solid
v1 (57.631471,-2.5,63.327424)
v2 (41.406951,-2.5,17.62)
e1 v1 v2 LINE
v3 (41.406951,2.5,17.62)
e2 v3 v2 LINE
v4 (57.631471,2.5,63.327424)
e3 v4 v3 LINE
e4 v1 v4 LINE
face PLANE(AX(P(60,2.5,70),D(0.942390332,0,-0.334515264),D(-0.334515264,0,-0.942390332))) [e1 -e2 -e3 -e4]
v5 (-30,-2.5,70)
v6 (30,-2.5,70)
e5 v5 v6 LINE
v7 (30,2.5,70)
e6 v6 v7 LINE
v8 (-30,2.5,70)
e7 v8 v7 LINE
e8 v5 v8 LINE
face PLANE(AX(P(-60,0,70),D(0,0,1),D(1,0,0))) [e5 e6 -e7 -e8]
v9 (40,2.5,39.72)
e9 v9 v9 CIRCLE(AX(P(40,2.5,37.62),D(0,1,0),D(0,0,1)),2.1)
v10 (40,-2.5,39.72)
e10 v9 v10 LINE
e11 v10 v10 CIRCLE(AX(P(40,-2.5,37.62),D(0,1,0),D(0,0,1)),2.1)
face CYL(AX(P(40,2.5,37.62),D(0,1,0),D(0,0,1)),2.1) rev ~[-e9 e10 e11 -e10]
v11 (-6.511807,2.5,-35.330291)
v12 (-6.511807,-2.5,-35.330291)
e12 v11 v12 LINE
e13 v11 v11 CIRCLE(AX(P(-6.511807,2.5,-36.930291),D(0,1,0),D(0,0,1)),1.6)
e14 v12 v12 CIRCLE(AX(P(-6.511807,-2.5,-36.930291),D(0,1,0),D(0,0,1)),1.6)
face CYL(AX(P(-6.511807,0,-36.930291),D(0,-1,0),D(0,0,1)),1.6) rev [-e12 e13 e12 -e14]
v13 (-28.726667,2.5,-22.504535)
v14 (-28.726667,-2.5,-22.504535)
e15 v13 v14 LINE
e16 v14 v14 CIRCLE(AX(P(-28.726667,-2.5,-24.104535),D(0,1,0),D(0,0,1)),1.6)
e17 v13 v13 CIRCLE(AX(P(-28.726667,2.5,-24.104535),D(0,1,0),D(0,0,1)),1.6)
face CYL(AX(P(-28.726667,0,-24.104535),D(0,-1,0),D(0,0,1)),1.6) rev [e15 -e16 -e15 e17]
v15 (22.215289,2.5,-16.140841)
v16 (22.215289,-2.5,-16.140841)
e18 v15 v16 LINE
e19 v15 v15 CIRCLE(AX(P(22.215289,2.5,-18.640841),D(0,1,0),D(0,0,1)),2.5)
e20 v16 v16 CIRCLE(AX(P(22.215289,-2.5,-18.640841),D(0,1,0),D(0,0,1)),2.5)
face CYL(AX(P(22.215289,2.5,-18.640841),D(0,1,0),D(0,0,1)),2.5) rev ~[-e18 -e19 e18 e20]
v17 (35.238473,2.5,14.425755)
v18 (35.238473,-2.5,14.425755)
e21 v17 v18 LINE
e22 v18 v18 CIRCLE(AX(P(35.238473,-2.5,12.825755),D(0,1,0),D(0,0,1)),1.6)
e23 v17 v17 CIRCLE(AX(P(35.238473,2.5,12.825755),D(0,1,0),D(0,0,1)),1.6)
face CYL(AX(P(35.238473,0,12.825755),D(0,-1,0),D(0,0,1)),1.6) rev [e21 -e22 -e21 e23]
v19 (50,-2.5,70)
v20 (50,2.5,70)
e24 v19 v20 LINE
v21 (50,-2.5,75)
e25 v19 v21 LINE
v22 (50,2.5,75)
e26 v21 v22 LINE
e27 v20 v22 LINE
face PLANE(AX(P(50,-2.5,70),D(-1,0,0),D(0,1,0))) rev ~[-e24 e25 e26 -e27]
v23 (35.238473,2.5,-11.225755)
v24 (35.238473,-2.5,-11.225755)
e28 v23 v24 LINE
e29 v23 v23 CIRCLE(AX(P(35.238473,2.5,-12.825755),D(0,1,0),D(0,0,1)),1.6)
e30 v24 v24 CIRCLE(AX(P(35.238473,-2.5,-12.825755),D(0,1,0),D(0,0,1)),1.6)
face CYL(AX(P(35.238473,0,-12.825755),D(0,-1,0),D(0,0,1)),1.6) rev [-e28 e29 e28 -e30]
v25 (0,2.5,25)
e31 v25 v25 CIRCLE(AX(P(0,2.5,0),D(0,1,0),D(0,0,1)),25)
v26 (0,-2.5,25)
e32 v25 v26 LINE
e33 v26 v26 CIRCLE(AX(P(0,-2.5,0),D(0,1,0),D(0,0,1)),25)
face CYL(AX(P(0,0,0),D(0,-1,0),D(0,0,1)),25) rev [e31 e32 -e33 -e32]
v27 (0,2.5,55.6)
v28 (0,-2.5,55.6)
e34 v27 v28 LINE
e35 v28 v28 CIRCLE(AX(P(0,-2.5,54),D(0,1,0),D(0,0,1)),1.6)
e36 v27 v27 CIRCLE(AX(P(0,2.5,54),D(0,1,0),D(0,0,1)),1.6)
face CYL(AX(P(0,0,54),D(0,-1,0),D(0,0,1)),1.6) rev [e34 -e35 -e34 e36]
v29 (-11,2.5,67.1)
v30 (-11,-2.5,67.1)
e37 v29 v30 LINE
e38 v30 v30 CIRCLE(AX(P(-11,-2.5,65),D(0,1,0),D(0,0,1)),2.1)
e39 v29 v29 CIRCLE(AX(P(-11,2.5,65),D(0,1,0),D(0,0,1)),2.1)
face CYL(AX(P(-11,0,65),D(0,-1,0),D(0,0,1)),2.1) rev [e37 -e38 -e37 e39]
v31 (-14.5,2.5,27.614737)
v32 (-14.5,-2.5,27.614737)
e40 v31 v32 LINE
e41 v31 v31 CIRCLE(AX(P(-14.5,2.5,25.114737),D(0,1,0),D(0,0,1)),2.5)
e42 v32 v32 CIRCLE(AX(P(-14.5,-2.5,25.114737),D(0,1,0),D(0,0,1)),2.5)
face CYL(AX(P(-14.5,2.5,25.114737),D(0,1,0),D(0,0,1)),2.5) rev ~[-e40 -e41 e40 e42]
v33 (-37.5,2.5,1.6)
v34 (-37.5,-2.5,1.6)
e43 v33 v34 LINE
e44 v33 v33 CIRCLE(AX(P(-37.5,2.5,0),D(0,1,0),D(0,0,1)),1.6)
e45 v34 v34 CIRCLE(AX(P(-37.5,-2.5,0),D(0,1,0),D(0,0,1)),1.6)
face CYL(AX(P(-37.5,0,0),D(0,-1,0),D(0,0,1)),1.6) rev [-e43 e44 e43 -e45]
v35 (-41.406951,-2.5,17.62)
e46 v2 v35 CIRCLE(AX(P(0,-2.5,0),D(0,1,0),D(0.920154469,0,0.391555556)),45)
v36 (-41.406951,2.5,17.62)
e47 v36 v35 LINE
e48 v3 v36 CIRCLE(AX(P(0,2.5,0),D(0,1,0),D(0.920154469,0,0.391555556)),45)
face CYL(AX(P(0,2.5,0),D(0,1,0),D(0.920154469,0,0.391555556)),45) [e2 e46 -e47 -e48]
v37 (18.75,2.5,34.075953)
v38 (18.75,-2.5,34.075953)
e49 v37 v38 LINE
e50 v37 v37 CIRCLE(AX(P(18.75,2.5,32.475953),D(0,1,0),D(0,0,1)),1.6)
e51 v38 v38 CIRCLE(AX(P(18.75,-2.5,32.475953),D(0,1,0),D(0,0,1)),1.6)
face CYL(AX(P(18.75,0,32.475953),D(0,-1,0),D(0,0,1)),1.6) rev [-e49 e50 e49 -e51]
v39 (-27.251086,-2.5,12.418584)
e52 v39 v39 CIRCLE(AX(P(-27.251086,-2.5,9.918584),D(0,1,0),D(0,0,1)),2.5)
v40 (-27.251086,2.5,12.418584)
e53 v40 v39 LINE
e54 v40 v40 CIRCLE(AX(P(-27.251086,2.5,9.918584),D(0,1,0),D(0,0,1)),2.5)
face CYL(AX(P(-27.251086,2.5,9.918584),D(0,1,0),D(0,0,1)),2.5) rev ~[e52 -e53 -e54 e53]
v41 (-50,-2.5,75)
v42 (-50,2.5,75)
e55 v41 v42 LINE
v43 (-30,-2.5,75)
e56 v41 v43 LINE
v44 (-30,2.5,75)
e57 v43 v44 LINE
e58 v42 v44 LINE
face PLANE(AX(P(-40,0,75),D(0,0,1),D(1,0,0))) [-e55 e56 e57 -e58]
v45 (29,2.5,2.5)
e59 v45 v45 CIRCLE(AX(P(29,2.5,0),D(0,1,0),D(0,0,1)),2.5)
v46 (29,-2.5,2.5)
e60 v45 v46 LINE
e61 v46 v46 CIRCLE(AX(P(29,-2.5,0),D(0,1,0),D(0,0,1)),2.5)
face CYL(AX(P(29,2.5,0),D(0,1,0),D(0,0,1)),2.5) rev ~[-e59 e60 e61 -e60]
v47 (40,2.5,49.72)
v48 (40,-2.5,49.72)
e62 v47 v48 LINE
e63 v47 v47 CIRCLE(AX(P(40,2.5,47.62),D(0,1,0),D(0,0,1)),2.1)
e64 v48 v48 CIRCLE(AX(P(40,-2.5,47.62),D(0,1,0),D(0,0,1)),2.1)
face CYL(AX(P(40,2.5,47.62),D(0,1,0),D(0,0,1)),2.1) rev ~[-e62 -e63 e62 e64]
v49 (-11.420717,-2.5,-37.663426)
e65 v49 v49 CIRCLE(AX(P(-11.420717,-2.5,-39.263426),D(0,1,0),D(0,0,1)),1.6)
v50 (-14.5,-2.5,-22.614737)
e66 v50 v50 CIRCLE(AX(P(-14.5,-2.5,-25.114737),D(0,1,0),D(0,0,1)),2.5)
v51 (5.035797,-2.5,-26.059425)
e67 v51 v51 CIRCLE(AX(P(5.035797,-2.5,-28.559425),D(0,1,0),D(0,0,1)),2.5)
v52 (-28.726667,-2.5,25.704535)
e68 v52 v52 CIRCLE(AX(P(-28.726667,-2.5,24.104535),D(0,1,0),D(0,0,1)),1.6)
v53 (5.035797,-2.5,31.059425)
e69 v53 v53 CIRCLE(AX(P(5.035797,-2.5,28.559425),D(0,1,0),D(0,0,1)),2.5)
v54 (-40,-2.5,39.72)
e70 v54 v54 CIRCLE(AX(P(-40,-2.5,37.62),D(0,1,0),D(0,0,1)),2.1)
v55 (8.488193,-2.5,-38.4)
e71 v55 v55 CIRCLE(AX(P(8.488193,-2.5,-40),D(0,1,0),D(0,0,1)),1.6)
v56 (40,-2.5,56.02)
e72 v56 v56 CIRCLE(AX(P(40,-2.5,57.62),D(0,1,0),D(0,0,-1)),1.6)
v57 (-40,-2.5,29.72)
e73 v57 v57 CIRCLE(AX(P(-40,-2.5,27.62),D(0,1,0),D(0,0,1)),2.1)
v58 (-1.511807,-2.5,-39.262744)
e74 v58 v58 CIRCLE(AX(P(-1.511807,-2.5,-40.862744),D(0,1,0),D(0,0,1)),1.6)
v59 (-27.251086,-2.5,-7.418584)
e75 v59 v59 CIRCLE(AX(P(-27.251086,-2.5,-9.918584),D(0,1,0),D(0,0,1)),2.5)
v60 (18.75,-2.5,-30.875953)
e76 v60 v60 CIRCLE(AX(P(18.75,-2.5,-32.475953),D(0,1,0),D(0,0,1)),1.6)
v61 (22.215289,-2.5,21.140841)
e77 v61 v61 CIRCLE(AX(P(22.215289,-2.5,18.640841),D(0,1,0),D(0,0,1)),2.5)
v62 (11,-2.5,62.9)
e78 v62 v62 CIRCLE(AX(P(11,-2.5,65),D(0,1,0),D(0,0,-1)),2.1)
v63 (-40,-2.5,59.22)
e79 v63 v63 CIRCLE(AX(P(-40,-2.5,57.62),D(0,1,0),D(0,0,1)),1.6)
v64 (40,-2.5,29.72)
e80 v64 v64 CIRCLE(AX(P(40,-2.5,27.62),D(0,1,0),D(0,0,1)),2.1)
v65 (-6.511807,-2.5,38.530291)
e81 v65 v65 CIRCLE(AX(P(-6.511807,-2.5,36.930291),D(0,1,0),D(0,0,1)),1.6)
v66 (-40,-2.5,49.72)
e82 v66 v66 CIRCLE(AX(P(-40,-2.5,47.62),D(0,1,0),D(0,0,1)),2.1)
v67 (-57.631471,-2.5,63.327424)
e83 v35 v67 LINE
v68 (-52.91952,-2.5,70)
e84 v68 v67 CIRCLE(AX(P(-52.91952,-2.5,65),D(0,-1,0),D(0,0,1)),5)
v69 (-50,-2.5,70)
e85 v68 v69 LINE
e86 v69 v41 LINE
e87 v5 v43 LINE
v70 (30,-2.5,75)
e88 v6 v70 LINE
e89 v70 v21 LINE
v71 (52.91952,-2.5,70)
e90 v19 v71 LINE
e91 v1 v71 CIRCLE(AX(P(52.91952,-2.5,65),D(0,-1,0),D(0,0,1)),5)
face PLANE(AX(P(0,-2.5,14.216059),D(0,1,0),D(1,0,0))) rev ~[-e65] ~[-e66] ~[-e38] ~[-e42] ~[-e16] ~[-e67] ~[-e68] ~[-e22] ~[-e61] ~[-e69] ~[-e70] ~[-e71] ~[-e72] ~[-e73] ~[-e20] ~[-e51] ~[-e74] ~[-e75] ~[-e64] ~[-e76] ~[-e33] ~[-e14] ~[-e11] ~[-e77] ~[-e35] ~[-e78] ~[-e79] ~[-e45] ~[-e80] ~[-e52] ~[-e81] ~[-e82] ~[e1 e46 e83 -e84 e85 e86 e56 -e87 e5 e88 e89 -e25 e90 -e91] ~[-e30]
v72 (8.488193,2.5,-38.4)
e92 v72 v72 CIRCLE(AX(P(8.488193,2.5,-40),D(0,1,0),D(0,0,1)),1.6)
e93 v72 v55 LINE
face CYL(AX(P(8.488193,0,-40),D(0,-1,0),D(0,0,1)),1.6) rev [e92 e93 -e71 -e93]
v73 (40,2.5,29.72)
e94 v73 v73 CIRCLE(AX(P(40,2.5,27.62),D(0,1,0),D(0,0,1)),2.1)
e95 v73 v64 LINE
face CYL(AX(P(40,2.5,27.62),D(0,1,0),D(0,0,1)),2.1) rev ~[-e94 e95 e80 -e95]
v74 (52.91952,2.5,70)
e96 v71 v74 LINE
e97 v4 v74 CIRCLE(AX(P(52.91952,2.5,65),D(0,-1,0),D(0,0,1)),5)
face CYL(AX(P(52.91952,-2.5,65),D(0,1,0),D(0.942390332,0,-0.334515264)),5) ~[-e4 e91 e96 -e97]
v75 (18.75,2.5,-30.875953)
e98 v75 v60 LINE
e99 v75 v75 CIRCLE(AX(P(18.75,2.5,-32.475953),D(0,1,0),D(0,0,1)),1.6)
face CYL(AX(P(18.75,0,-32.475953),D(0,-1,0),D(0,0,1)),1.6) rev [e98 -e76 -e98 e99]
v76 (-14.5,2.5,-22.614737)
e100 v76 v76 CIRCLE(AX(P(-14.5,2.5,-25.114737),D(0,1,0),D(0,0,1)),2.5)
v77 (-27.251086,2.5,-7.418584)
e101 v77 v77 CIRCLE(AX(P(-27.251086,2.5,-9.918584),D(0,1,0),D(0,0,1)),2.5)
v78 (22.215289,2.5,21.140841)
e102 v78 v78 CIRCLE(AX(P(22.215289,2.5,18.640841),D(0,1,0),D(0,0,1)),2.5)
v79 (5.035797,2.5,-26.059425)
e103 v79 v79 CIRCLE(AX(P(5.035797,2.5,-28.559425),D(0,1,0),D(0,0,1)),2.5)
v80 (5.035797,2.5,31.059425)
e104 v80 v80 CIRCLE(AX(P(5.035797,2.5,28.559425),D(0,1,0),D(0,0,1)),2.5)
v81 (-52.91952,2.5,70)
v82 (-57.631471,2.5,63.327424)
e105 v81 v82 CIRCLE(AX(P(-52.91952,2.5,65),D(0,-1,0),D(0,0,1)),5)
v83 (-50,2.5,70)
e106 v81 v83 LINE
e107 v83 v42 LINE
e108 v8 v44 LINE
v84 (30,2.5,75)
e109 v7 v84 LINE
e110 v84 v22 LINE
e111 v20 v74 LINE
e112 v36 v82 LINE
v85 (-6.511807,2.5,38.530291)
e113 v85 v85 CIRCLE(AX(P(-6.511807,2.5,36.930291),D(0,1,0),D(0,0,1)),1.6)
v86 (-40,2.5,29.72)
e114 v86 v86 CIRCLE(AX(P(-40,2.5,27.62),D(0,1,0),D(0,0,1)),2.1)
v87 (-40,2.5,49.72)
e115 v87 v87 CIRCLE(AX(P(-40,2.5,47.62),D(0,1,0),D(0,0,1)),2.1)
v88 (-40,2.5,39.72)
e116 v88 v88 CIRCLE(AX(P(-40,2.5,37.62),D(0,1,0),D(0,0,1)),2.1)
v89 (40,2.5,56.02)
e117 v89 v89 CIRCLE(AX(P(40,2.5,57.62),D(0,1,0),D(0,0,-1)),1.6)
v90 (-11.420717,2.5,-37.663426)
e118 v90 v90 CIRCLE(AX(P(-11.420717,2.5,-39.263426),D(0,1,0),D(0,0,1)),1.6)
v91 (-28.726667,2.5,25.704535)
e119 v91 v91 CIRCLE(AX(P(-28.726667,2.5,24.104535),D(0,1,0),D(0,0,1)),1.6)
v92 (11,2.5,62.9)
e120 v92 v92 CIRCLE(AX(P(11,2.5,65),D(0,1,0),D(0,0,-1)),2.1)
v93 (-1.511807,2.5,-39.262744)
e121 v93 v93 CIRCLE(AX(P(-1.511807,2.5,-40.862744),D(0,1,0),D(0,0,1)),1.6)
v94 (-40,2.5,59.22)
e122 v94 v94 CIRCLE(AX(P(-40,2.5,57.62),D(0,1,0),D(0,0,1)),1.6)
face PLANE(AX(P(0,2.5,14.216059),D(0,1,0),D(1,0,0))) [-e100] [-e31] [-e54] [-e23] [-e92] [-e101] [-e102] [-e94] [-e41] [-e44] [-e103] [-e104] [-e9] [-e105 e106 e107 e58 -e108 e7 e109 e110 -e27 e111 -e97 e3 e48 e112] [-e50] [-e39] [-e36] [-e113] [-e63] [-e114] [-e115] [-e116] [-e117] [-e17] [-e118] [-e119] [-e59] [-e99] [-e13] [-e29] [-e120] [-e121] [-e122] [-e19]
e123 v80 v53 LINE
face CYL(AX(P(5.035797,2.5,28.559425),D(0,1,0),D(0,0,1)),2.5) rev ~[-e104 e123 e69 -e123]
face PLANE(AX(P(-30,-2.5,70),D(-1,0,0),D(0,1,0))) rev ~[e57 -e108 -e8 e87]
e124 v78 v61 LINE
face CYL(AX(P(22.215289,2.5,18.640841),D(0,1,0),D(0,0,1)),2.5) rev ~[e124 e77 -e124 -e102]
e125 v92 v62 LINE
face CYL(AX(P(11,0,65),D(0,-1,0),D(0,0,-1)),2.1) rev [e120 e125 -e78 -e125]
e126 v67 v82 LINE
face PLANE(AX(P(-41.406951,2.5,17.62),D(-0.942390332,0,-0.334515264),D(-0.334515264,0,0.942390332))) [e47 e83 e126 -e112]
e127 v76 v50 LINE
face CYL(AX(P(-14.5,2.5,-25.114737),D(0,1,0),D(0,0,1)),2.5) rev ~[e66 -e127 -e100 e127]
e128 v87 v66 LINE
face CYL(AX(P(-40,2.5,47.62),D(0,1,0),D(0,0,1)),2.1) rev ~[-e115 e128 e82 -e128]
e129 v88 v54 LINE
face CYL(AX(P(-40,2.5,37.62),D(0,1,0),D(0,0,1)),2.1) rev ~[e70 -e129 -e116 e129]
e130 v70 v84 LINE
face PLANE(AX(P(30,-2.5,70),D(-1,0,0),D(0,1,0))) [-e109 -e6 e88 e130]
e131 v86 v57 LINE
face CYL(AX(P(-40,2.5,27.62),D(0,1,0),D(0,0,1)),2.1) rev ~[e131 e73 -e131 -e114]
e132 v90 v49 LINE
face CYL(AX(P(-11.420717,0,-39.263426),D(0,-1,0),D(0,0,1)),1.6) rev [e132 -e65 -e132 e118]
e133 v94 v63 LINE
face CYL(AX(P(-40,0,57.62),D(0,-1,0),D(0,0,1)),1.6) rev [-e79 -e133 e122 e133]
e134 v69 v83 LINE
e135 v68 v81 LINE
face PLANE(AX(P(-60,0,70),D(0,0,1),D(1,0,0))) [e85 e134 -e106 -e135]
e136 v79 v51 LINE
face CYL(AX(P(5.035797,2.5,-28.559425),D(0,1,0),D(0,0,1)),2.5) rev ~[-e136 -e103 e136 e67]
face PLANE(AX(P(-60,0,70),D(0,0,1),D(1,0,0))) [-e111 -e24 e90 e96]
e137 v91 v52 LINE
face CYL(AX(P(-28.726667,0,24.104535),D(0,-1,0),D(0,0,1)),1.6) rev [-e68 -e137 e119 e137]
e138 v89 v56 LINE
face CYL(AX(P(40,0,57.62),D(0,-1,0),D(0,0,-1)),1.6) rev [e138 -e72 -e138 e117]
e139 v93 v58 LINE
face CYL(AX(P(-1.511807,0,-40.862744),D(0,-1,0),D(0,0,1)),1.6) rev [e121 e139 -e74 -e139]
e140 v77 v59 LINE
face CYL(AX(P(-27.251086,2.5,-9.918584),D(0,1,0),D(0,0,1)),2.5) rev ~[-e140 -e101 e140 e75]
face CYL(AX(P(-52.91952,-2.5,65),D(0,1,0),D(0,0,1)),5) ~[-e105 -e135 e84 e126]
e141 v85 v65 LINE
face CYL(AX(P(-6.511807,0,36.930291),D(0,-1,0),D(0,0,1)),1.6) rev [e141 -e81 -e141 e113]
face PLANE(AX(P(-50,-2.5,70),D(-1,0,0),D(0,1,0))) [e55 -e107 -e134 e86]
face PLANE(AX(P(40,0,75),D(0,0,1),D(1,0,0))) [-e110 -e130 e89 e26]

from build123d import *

# Parameters (mm, degrees)
SKETCH_1_R          = 25
SKETCH_1_R_2        = 1.6
SKETCH_1_R_3        = 2.1
EXTRUDE_1_DEPTH     = 2.5
SKETCH_3_R          = 2.5
CUT_EXTRUDE_1_DEPTH = 10
SKETCH_4_R          = 2.1
CUT_EXTRUDE_2_DEPTH = 10
SKETCH_5_W          = 20
SKETCH_5_H          = 5
EXTRUDE_2_DEPTH     = 5
CUT_EXTRUDE_3_DEPTH = 97.176920308
FILLET_1_R          = 5


with BuildPart() as part:
    # 草图1 → 凸台-拉伸1 (new, symmetric)
    with BuildSketch(Plane(origin=(0, 0, 0), x_dir=(1, 0, 0), z_dir=(0, 1, 0))):
        with BuildLine():
            Line((-60, 0), (-60, -70))
            Line((-60, -70), (60, -70))
            Line((60, -70), (60, 0))
            ThreePointArc((60, 0), (42.426406871, 42.426406871), (0, 60))
            ThreePointArc((0, 60), (-42.426406871, 42.426406871), (-60, 0))
        make_face()
        with Locations(Location((0, 0, 0), (0, 0, 270))):
            Circle(SKETCH_1_R, mode=Mode.SUBTRACT)
        with Locations(Location((-40, -57.62, 0), (0, 0, 270))):
            Circle(SKETCH_1_R_2, mode=Mode.SUBTRACT)
        with Locations(Location((40, -57.62, 0), (0, 0, 90))):
            Circle(SKETCH_1_R_2, mode=Mode.SUBTRACT)
        with Locations(Location((-37.5, 0, 0), (0, 0, 270))):
            Circle(SKETCH_1_R_2, mode=Mode.SUBTRACT)
        with Locations(Location((-28.726666617, 24.104535363, 0), (0, 0, 270))):
            Circle(SKETCH_1_R_2, mode=Mode.SUBTRACT)
        with Locations(Location((-6.511806663, 36.930290738, 0), (0, 0, 270))):
            Circle(SKETCH_1_R_2, mode=Mode.SUBTRACT)
        with Locations(Location((18.75, 32.475952642, 0), (0, 0, 270))):
            Circle(SKETCH_1_R_2, mode=Mode.SUBTRACT)
        with Locations(Location((35.238473279, 12.825755375, 0), (0, 0, 270))):
            Circle(SKETCH_1_R_2, mode=Mode.SUBTRACT)
        with Locations(Location((35.238473279, -12.825755375, 0), (0, 0, 270))):
            Circle(SKETCH_1_R_2, mode=Mode.SUBTRACT)
        with Locations(Location((18.75, -32.475952642, 0), (0, 0, 270))):
            Circle(SKETCH_1_R_2, mode=Mode.SUBTRACT)
        with Locations(Location((-6.511806663, -36.930290738, 0), (0, 0, 270))):
            Circle(SKETCH_1_R_2, mode=Mode.SUBTRACT)
        with Locations(Location((-28.726666617, -24.104535363, 0), (0, 0, 270))):
            Circle(SKETCH_1_R_2, mode=Mode.SUBTRACT)
        with Locations(Location((-11, -65, 0), (0, 0, 270))):
            Circle(SKETCH_1_R_3, mode=Mode.SUBTRACT)
        with Locations(Location((11, -65, 0), (0, 0, 90))):
            Circle(SKETCH_1_R_3, mode=Mode.SUBTRACT)
        with Locations(Location((0, -54, 0), (0, 0, 270))):
            Circle(SKETCH_1_R_2, mode=Mode.SUBTRACT)
        with Locations(Location((8.488193337, 40, 0), (0, 0, 270))):
            Circle(SKETCH_1_R_2, mode=Mode.SUBTRACT)
        with Locations(Location((-1.511806663, 40.862744239, 0), (0, 0, 270))):
            Circle(SKETCH_1_R_2, mode=Mode.SUBTRACT)
        with Locations(Location((-11.420717282, 39.263426275, 0), (0, 0, 270))):
            Circle(SKETCH_1_R_2, mode=Mode.SUBTRACT)
    extrude(amount=EXTRUDE_1_DEPTH, both=True)

    # 草图3 → 切除-拉伸1 (cut)
    with BuildSketch(Plane(origin=(0, 2.5, 0), x_dir=(1, 0, 0), z_dir=(0, 1, 0))):
        with Locations(Location((-27.251086003, -9.918584156, 0), (0, 0, 270))):
            Circle(SKETCH_3_R)
        with Locations(Location((-14.5, 25.11473671, 0), (0, 0, 270))):
            Circle(SKETCH_3_R)
        with Locations(Location((5.035797152, 28.559424837, 0), (0, 0, 270))):
            Circle(SKETCH_3_R)
        with Locations(Location((22.21528885, 18.640840681, 0), (0, 0, 270))):
            Circle(SKETCH_3_R)
        with Locations(Location((29, 0, 0), (0, 0, 270))):
            Circle(SKETCH_3_R)
        with Locations(Location((22.21528885, -18.640840681, 0), (0, 0, 270))):
            Circle(SKETCH_3_R)
        with Locations(Location((5.035797152, -28.559424837, 0), (0, 0, 270))):
            Circle(SKETCH_3_R)
        with Locations(Location((-14.5, -25.11473671, 0), (0, 0, 270))):
            Circle(SKETCH_3_R)
        with Locations(Location((-27.251086003, 9.918584156, 0), (0, 0, 270))):
            Circle(SKETCH_3_R)
    extrude(amount=-CUT_EXTRUDE_1_DEPTH, mode=Mode.SUBTRACT)

    # 草图4 → 切除-拉伸2 (cut)
    with BuildSketch(Plane(origin=(0, 2.5, 0), x_dir=(1, 0, 0), z_dir=(0, 1, 0))):
        with Locations(Location((-40, -47.62, 0), (0, 0, 270))):
            Circle(SKETCH_4_R)
        with Locations(Location((-40, -37.62, 0), (0, 0, 270))):
            Circle(SKETCH_4_R)
        with Locations(Location((-40, -27.62, 0), (0, 0, 270))):
            Circle(SKETCH_4_R)
        with Locations(Location((40, -47.62, 0), (0, 0, 270))):
            Circle(SKETCH_4_R)
        with Locations(Location((40, -37.62, 0), (0, 0, 270))):
            Circle(SKETCH_4_R)
        with Locations(Location((40, -27.62, 0), (0, 0, 270))):
            Circle(SKETCH_4_R)
    extrude(amount=-CUT_EXTRUDE_2_DEPTH, mode=Mode.SUBTRACT)

    # 草图5 → 凸台-拉伸2 (add)
    with BuildSketch(Plane.XY.offset(70)):
        with Locations((40, 0)):
            Rectangle(SKETCH_5_W, SKETCH_5_H)
        with Locations((-40, 0)):
            Rectangle(SKETCH_5_W, SKETCH_5_H)
    extrude(amount=EXTRUDE_2_DEPTH)

    # 草图7 → 切除-拉伸3 (cut, through all)
    with BuildSketch(Plane(origin=(0, 2.5, 0), x_dir=(1, 0, 0), z_dir=(0, 1, 0))):
        with BuildLine():
            Line((-41.406951107, -17.62), (-60, -70))
            Line((-60, -70), (-60, 0))
            ThreePointArc((-60, 0), (0, 60), (60, 0))
            Line((60, 0), (60, -70))
            Line((60, -70), (41.406951107, -17.62))
            ThreePointArc((41.406951107, -17.62), (0, 45), (-41.406951107, -17.62))
        make_face()
    extrude(amount=-CUT_EXTRUDE_3_DEPTH, mode=Mode.SUBTRACT)

    # 圆角1
    fillet_1_edges = [part.edges().sort_by_distance(p)[0] for p in [
        (60, 0, 70),
        (-60, 0, 70),
    ]]
    fillet(fillet_1_edges, radius=FILLET_1_R)


solid = part.part
